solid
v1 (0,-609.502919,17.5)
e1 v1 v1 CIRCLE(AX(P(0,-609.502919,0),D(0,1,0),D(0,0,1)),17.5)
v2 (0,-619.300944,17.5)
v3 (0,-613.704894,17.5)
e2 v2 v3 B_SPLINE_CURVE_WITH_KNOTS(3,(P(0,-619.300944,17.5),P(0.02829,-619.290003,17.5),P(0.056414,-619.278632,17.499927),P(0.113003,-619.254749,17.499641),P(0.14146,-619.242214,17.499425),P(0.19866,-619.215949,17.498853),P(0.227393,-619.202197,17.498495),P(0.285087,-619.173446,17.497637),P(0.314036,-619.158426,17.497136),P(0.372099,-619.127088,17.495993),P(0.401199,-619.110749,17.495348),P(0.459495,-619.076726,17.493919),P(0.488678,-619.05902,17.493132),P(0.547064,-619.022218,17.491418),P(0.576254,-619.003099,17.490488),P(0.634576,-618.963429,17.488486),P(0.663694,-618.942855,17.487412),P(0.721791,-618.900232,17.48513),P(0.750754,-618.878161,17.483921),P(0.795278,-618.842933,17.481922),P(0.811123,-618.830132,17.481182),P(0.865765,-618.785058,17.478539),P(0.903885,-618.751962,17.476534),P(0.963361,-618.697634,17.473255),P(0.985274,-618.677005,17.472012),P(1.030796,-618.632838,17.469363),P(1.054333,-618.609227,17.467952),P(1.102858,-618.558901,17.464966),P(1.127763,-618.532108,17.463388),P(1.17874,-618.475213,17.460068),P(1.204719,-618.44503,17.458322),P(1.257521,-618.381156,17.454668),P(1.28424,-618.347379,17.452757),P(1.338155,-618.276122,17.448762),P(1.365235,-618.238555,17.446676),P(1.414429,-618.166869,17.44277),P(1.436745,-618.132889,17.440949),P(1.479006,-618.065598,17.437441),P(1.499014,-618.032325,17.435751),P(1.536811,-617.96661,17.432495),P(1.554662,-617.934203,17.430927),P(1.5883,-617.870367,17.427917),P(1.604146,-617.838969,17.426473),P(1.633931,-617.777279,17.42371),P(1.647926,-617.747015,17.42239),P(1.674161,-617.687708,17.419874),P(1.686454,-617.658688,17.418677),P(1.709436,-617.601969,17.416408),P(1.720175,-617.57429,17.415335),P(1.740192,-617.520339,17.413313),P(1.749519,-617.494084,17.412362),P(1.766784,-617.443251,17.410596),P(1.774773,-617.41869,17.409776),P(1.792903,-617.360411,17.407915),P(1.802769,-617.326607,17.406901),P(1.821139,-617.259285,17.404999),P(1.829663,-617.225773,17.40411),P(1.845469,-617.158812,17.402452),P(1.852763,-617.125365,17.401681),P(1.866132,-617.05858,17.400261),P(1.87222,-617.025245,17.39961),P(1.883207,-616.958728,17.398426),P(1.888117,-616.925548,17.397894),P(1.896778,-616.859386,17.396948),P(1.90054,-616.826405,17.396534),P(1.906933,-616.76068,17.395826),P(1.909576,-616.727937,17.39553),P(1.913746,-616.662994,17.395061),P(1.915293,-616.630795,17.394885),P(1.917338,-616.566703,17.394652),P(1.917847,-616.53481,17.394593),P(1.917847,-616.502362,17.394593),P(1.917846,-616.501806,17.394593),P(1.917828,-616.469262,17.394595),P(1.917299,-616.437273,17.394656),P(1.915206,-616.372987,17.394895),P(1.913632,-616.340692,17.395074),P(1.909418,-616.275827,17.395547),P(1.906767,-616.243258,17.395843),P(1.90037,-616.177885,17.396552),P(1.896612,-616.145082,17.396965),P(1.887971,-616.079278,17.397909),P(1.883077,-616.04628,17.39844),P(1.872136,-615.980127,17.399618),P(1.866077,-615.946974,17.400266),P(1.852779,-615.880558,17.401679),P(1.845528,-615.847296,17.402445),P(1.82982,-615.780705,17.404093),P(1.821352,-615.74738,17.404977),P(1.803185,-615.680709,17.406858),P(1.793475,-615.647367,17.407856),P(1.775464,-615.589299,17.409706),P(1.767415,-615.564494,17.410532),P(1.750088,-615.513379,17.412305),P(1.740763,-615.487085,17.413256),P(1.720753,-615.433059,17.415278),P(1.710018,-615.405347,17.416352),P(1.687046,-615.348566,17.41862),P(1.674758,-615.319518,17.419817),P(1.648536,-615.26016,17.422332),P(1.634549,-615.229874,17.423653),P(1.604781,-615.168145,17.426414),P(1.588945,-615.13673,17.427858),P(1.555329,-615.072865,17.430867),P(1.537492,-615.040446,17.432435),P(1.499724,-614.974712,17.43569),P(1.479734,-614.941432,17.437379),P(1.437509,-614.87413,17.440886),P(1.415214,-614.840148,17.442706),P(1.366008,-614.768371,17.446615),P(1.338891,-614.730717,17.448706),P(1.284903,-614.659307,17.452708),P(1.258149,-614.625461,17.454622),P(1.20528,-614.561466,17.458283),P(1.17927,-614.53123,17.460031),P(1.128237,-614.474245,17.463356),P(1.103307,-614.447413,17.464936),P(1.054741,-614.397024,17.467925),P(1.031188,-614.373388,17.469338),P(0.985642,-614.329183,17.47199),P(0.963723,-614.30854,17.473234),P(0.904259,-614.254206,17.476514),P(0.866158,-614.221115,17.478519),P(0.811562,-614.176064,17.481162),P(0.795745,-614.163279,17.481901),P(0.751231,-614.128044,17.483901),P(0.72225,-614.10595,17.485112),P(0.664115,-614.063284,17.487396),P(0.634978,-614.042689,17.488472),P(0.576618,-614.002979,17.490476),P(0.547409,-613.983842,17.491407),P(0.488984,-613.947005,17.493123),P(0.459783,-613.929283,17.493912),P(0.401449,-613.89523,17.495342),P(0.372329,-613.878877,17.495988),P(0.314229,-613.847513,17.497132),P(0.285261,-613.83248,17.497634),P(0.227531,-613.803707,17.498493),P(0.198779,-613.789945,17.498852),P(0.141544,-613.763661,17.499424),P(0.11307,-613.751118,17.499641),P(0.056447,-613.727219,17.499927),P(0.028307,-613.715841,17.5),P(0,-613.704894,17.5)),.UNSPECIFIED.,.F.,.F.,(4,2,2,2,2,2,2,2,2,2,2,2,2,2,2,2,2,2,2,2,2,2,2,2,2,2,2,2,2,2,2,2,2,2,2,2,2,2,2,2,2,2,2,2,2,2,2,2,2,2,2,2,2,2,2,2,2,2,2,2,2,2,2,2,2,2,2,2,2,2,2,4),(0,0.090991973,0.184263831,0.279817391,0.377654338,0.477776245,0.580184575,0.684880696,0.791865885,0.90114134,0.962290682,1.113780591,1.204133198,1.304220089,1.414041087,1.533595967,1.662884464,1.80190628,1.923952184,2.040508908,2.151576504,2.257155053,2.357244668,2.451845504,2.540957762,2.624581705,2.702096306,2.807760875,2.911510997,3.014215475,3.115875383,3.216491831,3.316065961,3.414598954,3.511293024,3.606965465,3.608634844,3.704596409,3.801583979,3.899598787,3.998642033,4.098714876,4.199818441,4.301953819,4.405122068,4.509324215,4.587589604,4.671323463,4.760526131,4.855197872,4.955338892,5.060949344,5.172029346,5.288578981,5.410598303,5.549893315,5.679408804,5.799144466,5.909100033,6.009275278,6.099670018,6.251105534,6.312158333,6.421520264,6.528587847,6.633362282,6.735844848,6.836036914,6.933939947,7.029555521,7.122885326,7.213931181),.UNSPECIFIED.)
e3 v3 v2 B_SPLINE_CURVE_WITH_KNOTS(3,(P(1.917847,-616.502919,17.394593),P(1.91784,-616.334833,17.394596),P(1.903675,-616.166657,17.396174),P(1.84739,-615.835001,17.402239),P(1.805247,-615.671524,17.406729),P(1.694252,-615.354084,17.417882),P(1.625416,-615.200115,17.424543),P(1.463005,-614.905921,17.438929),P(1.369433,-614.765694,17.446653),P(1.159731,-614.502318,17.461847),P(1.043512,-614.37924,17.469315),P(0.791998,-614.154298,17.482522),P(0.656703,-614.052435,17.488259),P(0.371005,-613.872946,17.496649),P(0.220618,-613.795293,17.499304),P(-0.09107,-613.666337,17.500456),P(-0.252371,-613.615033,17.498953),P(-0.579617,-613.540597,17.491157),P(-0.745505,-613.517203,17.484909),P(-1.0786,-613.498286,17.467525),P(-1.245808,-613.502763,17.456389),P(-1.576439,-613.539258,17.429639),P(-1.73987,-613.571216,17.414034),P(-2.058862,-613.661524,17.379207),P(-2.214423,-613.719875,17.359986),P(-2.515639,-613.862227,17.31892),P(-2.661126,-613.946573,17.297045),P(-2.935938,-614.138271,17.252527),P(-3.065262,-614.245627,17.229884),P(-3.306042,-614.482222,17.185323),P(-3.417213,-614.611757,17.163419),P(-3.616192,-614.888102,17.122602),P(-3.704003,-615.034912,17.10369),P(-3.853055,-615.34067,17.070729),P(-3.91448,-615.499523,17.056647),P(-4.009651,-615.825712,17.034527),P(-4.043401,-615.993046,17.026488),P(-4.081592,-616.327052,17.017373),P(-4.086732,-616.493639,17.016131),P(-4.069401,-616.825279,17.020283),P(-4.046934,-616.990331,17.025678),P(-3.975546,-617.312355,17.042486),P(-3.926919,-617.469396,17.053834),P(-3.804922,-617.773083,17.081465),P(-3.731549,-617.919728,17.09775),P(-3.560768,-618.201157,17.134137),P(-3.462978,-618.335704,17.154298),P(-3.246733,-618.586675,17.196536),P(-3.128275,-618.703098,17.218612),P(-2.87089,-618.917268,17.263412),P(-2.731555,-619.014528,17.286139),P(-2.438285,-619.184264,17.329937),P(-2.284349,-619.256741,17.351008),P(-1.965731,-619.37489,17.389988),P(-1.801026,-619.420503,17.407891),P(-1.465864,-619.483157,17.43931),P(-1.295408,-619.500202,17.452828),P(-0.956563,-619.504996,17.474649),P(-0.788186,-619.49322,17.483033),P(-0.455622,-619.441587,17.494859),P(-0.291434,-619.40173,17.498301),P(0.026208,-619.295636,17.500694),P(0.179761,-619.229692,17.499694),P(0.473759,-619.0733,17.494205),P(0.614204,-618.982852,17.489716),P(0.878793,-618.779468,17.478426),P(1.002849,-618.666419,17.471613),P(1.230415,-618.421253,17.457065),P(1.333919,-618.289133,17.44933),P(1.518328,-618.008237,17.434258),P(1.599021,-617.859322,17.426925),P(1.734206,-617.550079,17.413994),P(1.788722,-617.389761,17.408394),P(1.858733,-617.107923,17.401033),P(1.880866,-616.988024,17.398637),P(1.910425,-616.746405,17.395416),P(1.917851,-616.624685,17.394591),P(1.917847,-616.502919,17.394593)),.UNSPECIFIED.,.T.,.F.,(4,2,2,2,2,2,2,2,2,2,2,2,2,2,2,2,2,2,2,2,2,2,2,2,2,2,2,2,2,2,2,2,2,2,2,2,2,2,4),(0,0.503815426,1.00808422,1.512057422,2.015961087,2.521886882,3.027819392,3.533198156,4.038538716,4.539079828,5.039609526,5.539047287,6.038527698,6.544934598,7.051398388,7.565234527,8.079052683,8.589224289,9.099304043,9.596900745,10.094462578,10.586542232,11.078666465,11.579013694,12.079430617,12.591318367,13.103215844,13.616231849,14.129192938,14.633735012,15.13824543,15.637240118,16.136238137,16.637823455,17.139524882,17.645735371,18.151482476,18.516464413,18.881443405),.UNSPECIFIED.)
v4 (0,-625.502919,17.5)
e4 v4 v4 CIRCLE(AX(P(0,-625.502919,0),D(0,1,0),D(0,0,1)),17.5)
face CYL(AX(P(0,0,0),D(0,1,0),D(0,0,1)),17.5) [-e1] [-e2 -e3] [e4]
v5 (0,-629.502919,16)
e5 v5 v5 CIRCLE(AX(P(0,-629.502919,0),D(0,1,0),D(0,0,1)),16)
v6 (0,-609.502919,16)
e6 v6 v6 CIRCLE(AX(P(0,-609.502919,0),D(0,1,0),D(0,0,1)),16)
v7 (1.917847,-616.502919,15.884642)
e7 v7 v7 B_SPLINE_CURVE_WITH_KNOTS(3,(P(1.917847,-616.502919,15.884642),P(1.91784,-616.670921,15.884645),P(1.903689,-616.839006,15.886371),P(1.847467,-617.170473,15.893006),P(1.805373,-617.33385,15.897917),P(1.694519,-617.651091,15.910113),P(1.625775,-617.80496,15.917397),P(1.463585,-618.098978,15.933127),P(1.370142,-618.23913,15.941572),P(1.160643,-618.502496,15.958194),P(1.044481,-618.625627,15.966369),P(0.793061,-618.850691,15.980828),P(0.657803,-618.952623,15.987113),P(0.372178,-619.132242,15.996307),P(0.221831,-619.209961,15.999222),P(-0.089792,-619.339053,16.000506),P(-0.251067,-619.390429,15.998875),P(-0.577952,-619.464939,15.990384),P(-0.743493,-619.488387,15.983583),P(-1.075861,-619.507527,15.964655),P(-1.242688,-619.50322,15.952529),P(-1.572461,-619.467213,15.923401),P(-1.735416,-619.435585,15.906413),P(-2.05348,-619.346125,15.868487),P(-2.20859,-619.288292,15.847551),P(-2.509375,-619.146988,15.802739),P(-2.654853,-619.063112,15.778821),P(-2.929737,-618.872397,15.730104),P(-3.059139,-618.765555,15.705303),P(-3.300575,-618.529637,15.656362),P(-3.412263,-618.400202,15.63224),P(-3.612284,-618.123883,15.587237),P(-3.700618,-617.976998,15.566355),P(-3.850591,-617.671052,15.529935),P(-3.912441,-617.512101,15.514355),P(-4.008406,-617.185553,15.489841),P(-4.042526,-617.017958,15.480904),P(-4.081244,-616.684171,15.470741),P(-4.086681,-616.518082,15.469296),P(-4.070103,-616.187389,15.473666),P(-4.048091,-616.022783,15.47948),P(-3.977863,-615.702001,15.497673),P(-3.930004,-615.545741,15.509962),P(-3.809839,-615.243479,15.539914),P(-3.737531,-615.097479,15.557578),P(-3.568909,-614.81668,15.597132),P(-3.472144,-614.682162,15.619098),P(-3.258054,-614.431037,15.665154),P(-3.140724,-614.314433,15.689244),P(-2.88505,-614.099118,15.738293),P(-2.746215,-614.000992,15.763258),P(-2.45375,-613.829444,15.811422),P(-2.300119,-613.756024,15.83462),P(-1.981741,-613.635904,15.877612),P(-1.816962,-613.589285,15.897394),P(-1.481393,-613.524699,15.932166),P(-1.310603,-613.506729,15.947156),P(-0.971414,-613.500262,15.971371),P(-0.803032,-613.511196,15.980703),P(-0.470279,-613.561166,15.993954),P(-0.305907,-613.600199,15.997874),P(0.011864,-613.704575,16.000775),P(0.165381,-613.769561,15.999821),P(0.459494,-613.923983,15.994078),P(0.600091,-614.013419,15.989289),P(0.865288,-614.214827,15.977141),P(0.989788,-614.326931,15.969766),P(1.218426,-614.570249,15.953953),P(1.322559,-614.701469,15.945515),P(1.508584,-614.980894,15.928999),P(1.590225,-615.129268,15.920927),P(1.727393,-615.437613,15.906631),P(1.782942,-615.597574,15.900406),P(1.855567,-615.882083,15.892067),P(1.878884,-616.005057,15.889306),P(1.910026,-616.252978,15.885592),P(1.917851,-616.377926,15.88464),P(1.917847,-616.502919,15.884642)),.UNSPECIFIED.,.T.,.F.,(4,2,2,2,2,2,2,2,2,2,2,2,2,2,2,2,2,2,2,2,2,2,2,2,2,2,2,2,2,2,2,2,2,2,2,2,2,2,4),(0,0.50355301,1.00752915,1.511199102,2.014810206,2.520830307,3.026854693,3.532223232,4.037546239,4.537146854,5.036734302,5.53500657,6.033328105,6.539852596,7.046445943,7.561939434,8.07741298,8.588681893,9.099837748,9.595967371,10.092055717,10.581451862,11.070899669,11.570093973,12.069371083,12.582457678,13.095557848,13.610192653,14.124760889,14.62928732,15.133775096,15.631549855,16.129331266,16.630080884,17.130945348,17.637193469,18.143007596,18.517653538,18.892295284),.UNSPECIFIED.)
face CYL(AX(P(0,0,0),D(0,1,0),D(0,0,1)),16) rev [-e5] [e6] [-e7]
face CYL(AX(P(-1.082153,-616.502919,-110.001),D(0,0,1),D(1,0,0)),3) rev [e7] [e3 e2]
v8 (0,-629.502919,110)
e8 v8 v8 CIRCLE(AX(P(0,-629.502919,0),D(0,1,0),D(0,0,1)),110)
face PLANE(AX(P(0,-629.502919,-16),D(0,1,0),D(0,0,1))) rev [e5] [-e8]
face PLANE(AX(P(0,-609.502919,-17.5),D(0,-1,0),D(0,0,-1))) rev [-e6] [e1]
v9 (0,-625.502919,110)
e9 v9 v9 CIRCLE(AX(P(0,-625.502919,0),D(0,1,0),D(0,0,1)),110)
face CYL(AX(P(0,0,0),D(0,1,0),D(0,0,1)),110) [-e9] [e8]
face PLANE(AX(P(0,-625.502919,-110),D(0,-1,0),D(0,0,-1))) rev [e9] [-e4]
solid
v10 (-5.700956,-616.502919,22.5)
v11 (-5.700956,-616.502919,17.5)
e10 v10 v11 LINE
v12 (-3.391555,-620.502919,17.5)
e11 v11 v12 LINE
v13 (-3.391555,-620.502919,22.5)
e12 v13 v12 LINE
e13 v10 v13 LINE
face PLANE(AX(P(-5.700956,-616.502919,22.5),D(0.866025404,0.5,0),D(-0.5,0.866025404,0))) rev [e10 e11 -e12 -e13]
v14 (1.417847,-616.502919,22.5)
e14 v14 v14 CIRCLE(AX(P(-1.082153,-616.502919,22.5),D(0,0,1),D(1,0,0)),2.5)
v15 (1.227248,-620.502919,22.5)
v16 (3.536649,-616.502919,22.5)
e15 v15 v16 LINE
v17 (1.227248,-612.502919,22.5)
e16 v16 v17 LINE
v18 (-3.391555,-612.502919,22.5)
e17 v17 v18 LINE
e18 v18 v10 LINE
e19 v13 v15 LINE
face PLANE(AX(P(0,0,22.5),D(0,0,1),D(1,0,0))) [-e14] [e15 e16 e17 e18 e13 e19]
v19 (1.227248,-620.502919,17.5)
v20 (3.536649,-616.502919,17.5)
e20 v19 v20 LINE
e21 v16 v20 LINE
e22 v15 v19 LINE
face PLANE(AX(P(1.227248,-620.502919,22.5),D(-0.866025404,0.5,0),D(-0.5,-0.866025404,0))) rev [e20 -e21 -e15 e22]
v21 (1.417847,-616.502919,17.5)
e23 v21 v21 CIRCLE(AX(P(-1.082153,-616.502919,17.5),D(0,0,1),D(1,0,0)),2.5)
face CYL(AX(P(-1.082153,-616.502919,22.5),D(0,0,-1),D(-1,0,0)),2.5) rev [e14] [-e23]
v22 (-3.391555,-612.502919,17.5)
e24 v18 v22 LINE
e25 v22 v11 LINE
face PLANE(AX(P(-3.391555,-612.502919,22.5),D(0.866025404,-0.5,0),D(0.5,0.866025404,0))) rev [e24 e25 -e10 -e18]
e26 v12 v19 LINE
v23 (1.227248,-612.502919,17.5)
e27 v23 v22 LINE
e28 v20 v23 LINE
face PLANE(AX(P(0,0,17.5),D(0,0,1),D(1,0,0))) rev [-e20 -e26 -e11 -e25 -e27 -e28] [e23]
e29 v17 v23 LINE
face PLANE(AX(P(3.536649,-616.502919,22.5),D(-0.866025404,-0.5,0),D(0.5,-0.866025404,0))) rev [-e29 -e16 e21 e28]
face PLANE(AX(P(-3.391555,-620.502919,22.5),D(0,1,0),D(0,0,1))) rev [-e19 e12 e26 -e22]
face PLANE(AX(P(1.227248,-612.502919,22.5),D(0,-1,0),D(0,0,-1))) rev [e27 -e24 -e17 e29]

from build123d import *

# Parameters (mm, degrees)
CUT_EXTRUDE1_REACH      = 653.637
CUT_EXTRUDE1_END_RADIUS = 16
SKETCH3_R               = 3
SKETCH4_R               = 2.5
BOSS_EXTRUDE1_DEPTH     = 5


with BuildPart() as part:
    # Sketch1 → Revolve1 (revolve)
    with BuildSketch(Plane(origin=(0, 0, 0), x_dir=(0, 0, -1), z_dir=(1, 0, 0)), mode=Mode.PRIVATE) as revolve1_sk:
        Polygon((17.5, -625.502918688), (17.5, -609.502918688), (16, -609.502918688), (16, -629.502918688), (110, -629.502918688), (110, -625.502918688), align=None)
    revolve(revolve1_sk.sketch.rotate(Axis((0, 0, 0), (0, -1, 0)), 180), axis=Axis((0, 0, 0), (0, -1, 0)))

    # Cut-Extrude1: up to this cylinder (the profile starts outside it)
    cut_extrude1_end = Plane(origin=(0, -616.502919, 0), z_dir=(0, 1, 0)) * Cylinder(CUT_EXTRUDE1_END_RADIUS, 1340.274, mode=Mode.PRIVATE)
    # Sketch3 → Cut-Extrude1 (cut, up to the surface)
    with BuildSketch(Plane.XY.offset(17.5), mode=Mode.PRIVATE) as cut_extrude1_sk1:
        with Locations((-1.082153425, -616.502918688)):
            Circle(SKETCH3_R)
    cut_extrude1_tool1 = extrude(cut_extrude1_sk1.sketch, amount=-CUT_EXTRUDE1_REACH, mode=Mode.PRIVATE) - cut_extrude1_end
    add(cut_extrude1_tool1.solids().sort_by_distance((-1.082153, -616.502919, 17.5))[0], mode=Mode.SUBTRACT)


with BuildPart() as body_2:
    # Sketch4 → Boss-Extrude1 (new body)
    with BuildSketch(Plane.XY.offset(17.5)):
        Polygon((3.536648728, -616.502918688), (1.227247651, -612.502918688), (-3.391554502, -612.502918688), (-5.700955579, -616.502918688), (-3.391554502, -620.502918688), (1.227247651, -620.502918688), align=None)
        with Locations((-1.082153425, -616.502918688)):
            Circle(SKETCH4_R, mode=Mode.SUBTRACT)
    extrude(amount=BOSS_EXTRUDE1_DEPTH)


solid = Compound([part.part, body_2.part])
